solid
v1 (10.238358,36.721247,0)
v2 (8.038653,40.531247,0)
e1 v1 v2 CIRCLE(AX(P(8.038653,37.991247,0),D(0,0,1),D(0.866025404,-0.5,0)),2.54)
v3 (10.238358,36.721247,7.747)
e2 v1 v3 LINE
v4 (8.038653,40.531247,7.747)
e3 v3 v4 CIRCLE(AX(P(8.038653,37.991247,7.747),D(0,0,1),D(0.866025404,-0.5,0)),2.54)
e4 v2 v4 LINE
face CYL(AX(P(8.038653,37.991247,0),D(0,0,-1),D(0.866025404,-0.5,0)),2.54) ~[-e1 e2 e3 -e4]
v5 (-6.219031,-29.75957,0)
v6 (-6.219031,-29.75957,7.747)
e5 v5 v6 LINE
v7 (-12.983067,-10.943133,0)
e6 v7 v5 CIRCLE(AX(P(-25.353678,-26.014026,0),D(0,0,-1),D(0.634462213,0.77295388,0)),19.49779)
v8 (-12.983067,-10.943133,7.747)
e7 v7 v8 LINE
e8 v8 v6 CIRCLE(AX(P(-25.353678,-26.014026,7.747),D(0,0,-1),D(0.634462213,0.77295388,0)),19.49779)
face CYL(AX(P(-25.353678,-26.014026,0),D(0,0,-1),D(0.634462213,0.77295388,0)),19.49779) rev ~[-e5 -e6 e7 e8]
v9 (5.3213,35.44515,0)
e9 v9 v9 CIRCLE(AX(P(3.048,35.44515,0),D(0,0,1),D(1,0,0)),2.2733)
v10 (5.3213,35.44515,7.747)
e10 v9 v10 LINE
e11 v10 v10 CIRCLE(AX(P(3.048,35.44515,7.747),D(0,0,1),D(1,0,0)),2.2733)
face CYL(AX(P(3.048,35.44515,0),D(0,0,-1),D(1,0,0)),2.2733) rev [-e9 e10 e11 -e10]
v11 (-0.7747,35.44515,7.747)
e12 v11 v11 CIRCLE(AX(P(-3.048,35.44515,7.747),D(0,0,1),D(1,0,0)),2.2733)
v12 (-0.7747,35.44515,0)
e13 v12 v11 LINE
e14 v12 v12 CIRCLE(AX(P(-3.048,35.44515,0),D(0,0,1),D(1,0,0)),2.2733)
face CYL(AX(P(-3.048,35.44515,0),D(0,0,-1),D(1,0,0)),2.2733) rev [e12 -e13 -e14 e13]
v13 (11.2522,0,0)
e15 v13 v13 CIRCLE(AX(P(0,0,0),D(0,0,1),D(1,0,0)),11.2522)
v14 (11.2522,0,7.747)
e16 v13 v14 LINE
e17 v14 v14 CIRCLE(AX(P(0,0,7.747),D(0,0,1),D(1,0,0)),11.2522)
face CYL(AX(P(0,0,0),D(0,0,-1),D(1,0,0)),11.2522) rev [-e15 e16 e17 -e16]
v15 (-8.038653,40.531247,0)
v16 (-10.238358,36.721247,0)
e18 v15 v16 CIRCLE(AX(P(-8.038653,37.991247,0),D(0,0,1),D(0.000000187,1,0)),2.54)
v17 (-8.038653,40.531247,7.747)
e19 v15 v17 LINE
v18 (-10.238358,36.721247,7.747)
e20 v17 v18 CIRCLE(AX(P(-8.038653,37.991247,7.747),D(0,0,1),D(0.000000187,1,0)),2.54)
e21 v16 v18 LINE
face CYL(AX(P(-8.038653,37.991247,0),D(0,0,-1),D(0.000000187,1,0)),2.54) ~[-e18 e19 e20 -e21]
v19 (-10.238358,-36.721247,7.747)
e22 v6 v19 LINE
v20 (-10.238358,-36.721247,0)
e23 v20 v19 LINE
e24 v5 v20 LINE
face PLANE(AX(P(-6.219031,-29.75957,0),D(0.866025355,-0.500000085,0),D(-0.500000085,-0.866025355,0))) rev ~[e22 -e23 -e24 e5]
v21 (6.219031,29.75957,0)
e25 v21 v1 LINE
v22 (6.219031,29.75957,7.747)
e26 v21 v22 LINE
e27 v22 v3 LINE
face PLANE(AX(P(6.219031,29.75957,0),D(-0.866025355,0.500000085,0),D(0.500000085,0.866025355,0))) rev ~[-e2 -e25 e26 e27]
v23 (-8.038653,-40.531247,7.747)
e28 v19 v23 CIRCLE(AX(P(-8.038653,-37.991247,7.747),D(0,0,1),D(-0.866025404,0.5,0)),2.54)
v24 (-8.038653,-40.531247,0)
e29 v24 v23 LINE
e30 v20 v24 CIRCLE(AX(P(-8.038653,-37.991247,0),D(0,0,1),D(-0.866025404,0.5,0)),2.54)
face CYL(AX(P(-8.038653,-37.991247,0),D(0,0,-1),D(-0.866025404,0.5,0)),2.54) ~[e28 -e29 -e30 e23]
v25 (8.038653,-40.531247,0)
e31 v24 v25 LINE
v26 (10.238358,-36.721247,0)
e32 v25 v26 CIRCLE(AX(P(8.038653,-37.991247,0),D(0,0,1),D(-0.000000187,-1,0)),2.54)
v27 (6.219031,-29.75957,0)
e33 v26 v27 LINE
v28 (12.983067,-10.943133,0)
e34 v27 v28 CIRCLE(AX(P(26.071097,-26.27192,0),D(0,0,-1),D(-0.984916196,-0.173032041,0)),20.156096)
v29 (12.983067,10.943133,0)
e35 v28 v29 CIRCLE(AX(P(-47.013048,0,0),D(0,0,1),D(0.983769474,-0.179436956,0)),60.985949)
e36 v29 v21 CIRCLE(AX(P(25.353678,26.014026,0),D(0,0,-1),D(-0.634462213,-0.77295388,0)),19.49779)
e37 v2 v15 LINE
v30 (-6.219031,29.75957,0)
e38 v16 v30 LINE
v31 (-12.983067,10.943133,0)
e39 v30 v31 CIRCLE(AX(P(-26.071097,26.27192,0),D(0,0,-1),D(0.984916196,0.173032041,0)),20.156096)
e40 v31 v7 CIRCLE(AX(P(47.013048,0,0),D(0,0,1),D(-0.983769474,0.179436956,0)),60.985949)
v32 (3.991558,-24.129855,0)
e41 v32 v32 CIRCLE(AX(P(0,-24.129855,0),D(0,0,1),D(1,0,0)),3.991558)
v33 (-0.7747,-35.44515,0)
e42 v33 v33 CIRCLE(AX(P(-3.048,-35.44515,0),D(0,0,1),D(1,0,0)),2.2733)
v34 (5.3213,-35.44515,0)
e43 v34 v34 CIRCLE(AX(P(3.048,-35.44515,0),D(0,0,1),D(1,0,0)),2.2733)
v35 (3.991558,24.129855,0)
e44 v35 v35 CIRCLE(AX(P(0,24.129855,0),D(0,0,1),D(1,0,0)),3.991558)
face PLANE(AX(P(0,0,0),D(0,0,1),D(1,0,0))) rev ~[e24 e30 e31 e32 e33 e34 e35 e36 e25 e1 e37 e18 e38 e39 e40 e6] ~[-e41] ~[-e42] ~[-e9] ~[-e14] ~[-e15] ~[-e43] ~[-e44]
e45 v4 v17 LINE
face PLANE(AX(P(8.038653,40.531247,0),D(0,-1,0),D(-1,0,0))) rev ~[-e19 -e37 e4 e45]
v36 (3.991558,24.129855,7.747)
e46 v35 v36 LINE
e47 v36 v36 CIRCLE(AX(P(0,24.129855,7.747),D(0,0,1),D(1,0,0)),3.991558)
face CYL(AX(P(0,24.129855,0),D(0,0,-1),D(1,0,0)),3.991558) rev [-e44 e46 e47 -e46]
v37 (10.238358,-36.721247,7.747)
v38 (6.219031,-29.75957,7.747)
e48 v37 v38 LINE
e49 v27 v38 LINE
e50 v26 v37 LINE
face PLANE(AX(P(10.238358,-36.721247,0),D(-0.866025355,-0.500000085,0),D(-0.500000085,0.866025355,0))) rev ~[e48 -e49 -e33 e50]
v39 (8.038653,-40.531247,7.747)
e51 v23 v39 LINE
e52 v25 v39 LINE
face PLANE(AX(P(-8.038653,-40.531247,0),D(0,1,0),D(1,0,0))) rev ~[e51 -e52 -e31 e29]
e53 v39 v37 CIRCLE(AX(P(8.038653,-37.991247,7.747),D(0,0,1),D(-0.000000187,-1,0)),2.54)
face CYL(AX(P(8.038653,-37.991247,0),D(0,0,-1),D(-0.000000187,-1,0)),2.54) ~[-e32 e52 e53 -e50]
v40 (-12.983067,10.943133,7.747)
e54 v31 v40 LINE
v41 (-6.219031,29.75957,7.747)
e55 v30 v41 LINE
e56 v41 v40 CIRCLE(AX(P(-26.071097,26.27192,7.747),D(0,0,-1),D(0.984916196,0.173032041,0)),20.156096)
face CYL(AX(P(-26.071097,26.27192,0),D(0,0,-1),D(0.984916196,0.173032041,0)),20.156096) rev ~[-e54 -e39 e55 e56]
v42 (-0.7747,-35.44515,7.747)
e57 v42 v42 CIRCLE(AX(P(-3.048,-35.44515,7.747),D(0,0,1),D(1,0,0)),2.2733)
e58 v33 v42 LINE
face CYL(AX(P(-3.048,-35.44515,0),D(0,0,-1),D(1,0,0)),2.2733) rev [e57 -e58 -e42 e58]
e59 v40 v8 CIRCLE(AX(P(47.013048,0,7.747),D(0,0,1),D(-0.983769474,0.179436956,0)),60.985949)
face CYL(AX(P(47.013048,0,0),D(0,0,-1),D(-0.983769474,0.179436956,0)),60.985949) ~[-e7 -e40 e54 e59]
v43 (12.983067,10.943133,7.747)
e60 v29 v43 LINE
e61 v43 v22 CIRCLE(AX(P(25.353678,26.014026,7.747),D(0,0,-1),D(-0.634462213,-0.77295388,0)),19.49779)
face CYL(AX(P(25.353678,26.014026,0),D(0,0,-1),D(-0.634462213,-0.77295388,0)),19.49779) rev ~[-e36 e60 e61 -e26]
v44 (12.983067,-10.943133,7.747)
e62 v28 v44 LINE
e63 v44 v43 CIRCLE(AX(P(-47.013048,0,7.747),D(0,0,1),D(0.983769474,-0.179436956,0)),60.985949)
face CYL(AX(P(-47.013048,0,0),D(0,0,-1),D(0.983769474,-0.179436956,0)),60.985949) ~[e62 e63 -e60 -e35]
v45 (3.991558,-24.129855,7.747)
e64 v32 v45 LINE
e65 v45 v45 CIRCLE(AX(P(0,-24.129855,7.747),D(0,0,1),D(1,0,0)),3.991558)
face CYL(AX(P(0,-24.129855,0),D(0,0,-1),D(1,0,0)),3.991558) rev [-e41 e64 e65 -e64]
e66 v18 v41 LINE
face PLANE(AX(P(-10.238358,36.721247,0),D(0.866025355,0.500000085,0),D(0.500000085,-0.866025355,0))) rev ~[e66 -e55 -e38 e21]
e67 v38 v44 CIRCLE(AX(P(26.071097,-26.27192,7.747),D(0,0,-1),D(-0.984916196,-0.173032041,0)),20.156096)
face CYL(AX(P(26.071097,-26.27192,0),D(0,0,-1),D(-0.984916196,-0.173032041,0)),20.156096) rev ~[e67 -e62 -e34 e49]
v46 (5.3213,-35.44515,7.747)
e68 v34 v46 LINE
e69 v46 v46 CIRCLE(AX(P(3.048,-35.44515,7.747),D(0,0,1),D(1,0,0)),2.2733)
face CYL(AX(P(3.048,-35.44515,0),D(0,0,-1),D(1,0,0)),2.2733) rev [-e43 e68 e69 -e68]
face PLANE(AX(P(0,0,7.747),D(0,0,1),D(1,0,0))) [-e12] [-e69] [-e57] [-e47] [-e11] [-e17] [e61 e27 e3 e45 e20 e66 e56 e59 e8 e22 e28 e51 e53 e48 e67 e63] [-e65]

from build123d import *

# Parameters (mm, degrees)
F0_R     = 2.2733
F0_R_2   = 3.991558
F0_R_3   = 11.2522
F1_DEPTH = 7.747


with BuildPart() as f1:
    # F0 (on Top) → F1 (new body)
    with BuildSketch(Plane.XY):
        with BuildLine():
            Line((-10.238358, 36.721247), (-6.219031, 29.75957))
            ThreePointArc((-6.219031, 29.75957), (-7.103307, 19.453476), (-12.983067, 10.943133))
            ThreePointArc((-12.983067, 10.943133), (-13.972901, 0), (-12.983067, -10.943133))
            ThreePointArc((-12.983067, -10.943133), (-7.005384, -19.418275), (-6.219031, -29.75957))
            Line((-6.219031, -29.75957), (-10.238358, -36.721247))
            ThreePointArc((-10.238358, -36.721247), (-10.238358, -39.261247), (-8.038653, -40.531247))
            Line((-8.038653, -40.531247), (8.038653, -40.531247))
            ThreePointArc((8.038653, -40.531247), (10.238358, -39.261247), (10.238358, -36.721247))
            Line((10.238358, -36.721247), (6.219031, -29.75957))
            ThreePointArc((6.219031, -29.75957), (7.103307, -19.453476), (12.983067, -10.943133))
            ThreePointArc((12.983067, -10.943133), (13.972901, 0), (12.983067, 10.943133))
            ThreePointArc((12.983067, 10.943133), (7.005384, 19.418275), (6.219031, 29.75957))
            Line((6.219031, 29.75957), (10.238358, 36.721247))
            ThreePointArc((10.238358, 36.721247), (10.238358, 39.261247), (8.038653, 40.531247))
            Line((8.038653, 40.531247), (-8.038653, 40.531247))
            ThreePointArc((-8.038653, 40.531247), (-10.238358, 39.261247), (-10.238358, 36.721247))
        make_face()
        with Locations((-3.048, -35.44515)):
            Circle(F0_R, mode=Mode.SUBTRACT)
        with Locations((0, -24.129855)):
            Circle(F0_R_2, mode=Mode.SUBTRACT)
        with Locations((3.048, -35.44515)):
            Circle(F0_R, mode=Mode.SUBTRACT)
        Circle(F0_R_3, mode=Mode.SUBTRACT)
        with Locations((0, 24.129855)):
            Circle(F0_R_2, mode=Mode.SUBTRACT)
        with Locations((-3.048, 35.44515)):
            Circle(F0_R, mode=Mode.SUBTRACT)
        with Locations((3.048, 35.44515)):
            Circle(F0_R, mode=Mode.SUBTRACT)
    extrude(amount=F1_DEPTH)


solid = f1.part
